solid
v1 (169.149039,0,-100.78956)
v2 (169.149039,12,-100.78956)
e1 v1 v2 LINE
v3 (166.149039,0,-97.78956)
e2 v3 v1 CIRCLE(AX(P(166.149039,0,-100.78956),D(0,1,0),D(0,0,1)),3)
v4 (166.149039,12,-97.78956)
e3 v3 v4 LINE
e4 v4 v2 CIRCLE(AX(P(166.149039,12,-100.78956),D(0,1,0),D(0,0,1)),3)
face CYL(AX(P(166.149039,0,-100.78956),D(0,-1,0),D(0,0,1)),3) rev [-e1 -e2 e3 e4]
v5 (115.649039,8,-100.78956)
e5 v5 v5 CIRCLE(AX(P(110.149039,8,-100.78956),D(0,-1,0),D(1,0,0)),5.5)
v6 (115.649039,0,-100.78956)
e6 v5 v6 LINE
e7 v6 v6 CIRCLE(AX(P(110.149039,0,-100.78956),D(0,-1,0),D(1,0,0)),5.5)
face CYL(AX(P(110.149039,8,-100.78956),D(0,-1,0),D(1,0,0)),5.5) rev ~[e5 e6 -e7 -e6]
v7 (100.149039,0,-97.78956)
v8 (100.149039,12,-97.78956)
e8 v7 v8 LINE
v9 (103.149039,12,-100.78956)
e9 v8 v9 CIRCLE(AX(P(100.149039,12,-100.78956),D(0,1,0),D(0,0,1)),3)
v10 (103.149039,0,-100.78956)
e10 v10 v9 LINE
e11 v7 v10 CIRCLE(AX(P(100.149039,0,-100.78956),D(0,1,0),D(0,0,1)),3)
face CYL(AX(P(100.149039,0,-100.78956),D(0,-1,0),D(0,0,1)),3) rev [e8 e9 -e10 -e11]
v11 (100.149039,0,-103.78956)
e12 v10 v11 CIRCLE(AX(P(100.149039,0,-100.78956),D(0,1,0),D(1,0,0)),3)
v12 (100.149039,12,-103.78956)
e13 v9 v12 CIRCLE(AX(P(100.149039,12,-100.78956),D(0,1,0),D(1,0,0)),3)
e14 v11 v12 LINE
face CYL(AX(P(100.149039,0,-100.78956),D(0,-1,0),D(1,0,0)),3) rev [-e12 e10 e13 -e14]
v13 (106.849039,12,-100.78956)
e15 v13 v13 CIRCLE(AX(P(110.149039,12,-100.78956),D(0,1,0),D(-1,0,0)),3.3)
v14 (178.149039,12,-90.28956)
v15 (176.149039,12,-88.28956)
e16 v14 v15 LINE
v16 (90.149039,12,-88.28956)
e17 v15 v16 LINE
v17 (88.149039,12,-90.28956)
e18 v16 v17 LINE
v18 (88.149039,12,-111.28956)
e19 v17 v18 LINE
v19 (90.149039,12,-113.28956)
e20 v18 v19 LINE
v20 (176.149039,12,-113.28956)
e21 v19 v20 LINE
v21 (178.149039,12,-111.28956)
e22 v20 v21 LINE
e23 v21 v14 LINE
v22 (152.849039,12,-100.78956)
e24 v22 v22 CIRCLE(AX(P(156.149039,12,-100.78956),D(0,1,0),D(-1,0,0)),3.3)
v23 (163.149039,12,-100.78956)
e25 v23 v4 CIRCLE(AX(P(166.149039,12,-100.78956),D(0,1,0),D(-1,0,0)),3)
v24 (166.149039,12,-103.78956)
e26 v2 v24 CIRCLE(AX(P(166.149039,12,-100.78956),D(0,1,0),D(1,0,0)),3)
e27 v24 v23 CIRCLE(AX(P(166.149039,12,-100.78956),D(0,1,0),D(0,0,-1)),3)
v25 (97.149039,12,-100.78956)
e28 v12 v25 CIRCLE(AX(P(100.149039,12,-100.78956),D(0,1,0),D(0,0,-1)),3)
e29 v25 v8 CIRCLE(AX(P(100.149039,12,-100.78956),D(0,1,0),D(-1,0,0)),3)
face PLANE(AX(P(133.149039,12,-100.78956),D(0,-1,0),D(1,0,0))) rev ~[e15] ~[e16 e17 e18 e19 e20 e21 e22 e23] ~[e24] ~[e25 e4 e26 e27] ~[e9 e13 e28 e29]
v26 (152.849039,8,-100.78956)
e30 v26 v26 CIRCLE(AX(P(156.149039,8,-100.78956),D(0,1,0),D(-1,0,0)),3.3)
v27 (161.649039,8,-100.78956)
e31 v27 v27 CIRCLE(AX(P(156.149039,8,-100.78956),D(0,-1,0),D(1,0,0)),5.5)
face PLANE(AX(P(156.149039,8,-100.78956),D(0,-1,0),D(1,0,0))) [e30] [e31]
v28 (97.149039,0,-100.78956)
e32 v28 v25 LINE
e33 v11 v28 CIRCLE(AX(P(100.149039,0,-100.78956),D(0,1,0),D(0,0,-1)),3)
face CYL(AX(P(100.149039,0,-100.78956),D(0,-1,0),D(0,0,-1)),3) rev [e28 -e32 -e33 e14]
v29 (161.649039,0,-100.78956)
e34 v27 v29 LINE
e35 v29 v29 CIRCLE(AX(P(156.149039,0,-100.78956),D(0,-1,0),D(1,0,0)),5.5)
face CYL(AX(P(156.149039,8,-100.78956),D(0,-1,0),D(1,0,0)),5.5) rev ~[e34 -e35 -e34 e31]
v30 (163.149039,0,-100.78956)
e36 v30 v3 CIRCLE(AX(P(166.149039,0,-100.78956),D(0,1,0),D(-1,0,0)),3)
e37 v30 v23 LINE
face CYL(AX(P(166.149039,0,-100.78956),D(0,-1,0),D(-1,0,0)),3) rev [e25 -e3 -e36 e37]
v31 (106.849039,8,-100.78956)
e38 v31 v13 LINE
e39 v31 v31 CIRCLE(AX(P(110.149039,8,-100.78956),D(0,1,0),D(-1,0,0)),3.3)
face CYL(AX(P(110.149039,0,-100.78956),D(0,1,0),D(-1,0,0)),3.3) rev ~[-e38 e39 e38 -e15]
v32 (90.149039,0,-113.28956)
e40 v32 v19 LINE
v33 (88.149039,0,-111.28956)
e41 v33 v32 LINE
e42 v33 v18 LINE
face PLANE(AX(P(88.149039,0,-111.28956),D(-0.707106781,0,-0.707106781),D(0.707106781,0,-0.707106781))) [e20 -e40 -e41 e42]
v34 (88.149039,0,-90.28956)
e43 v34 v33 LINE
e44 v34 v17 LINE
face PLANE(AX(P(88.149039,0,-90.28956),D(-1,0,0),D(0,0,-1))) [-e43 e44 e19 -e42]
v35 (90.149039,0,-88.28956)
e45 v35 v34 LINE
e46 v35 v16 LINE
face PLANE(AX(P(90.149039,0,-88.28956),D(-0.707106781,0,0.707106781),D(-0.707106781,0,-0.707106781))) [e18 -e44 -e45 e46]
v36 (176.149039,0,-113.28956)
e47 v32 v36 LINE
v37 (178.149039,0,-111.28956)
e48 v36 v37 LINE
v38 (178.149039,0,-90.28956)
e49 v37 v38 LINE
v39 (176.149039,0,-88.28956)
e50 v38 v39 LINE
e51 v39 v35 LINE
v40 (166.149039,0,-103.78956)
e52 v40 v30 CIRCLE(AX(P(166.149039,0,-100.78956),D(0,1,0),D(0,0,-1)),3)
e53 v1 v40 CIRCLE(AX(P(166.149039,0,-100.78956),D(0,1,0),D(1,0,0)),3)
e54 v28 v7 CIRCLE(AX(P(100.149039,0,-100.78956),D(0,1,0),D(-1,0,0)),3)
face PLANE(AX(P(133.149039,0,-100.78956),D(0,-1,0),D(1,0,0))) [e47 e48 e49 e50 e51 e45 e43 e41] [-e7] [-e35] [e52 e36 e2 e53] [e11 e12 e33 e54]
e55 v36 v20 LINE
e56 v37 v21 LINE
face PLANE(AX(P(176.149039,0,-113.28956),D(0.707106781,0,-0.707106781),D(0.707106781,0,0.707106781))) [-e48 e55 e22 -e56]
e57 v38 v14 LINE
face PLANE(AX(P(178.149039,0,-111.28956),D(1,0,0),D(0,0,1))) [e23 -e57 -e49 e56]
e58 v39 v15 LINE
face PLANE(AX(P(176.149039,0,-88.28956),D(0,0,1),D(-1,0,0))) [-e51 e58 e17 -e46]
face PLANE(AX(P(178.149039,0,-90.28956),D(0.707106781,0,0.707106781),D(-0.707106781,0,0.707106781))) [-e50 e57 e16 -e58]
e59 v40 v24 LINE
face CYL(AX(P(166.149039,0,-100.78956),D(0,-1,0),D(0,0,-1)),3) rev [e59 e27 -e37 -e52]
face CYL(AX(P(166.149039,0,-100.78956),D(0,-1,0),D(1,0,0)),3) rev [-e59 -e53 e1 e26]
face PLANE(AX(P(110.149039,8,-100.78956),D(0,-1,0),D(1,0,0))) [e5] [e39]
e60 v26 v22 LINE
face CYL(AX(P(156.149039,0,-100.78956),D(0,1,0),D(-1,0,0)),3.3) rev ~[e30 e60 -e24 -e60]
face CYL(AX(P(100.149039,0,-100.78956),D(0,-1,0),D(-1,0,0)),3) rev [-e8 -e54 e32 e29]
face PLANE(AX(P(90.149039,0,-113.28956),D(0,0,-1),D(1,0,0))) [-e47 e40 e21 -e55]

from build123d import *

# Parameters (mm, degrees)
F1_DEPTH       = 12
F2_D           = 6.6
F2_CBORE_D     = 11
F2_CBORE_DEPTH = 8


with BuildPart() as f1:
    # F0 (on Front) → F1 (new body)
    with BuildSketch(Plane.XZ):
        Polygon((90.149039, -88.28956), (88.149039, -90.28956), (88.149039, -111.28956), (90.149039, -113.28956), (176.149039, -113.28956), (178.149039, -111.28956), (178.149039, -90.28956), (176.149039, -88.28956), align=None)
        with BuildLine():
            ThreePointArc((100.149039, -97.78956), (102.2703593436, -98.6682396564), (103.149039, -100.78956))
            ThreePointArc((103.149039, -100.78956), (102.2703593436, -102.9108803436), (100.149039, -103.78956))
            ThreePointArc((100.149039, -103.78956), (98.0277186564, -102.9108803436), (97.149039, -100.78956))
            ThreePointArc((97.149039, -100.78956), (98.0277186564, -98.6682396564), (100.149039, -97.78956))
        make_face(mode=Mode.SUBTRACT)
        with BuildLine():
            ThreePointArc((110.149039, -106.28956), (106.2599517035, -104.6786472965), (104.649039, -100.78956))
            ThreePointArc((104.649039, -100.78956), (106.2599517035, -96.9004727035), (110.149039, -95.28956))
            ThreePointArc((110.149039, -95.28956), (114.0381262965, -96.9004727035), (115.649039, -100.78956))
            ThreePointArc((115.649039, -100.78956), (114.0381262965, -104.6786472965), (110.149039, -106.28956))
        make_face(mode=Mode.SUBTRACT)
        with BuildLine():
            ThreePointArc((156.149039, -95.28956), (160.0381262965, -96.9004727035), (161.649039, -100.78956))
            ThreePointArc((161.649039, -100.78956), (160.0381262965, -104.6786472965), (156.149039, -106.28956))
            ThreePointArc((156.149039, -106.28956), (152.2599517035, -104.6786472965), (150.649039, -100.78956))
            ThreePointArc((150.649039, -100.78956), (152.2599517035, -96.9004727035), (156.149039, -95.28956))
        make_face(mode=Mode.SUBTRACT)
        with BuildLine():
            ThreePointArc((166.149039, -97.78956), (168.2703593436, -98.6682396564), (169.149039, -100.78956))
            ThreePointArc((169.149039, -100.78956), (168.2703593436, -102.9108803436), (166.149039, -103.78956))
            ThreePointArc((166.149039, -103.78956), (164.0277186564, -102.9108803436), (163.149039, -100.78956))
            ThreePointArc((163.149039, -100.78956), (164.0277186564, -98.6682396564), (166.149039, -97.78956))
        make_face(mode=Mode.SUBTRACT)
        with BuildLine():
            Line((159.449039, -100.78956), (161.649039, -100.78956))
            ThreePointArc((161.649039, -100.78956), (160.0381262965, -96.9004727035), (156.149039, -95.28956))
            Line((156.149039, -95.28956), (156.149039, -97.48956))
            ThreePointArc((156.149039, -97.48956), (158.4824913779, -98.4561076221), (159.449039, -100.78956))
        make_face()
        with BuildLine():
            Line((156.149039, -97.48956), (156.149039, -95.28956))
            ThreePointArc((156.149039, -95.28956), (152.2599517035, -96.9004727035), (150.649039, -100.78956))
            Line((150.649039, -100.78956), (152.849039, -100.78956))
            ThreePointArc((152.849039, -100.78956), (153.8155866221, -98.4561076221), (156.149039, -97.48956))
        make_face()
        with BuildLine():
            ThreePointArc((156.149039, -106.28956), (160.0381262965, -104.6786472965), (161.649039, -100.78956))
            Line((161.649039, -100.78956), (159.449039, -100.78956))
            ThreePointArc((159.449039, -100.78956), (158.4824913779, -103.1230123779), (156.149039, -104.08956))
            Line((156.149039, -104.08956), (156.149039, -106.28956))
        make_face()
        with BuildLine():
            Line((156.149039, -100.78956), (159.449039, -100.78956))
            ThreePointArc((159.449039, -100.78956), (158.4824913779, -98.4561076221), (156.149039, -97.48956))
            Line((156.149039, -97.48956), (156.149039, -100.78956))
        make_face()
        with BuildLine():
            ThreePointArc((156.149039, -104.08956), (158.4824913779, -103.1230123779), (159.449039, -100.78956))
            Line((159.449039, -100.78956), (156.149039, -100.78956))
            Line((156.149039, -100.78956), (156.149039, -104.08956))
        make_face()
        with BuildLine():
            Line((152.849039, -100.78956), (156.149039, -100.78956))
            Line((156.149039, -100.78956), (156.149039, -97.48956))
            ThreePointArc((156.149039, -97.48956), (153.8155866221, -98.4561076221), (152.849039, -100.78956))
        make_face()
        with BuildLine():
            Line((156.149039, -104.08956), (156.149039, -100.78956))
            Line((156.149039, -100.78956), (152.849039, -100.78956))
            ThreePointArc((152.849039, -100.78956), (153.8155866221, -103.1230123779), (156.149039, -104.08956))
        make_face()
        with BuildLine():
            ThreePointArc((150.649039, -100.78956), (152.2599517035, -104.6786472965), (156.149039, -106.28956))
            Line((156.149039, -106.28956), (156.149039, -104.08956))
            ThreePointArc((156.149039, -104.08956), (153.8155866221, -103.1230123779), (152.849039, -100.78956))
            Line((152.849039, -100.78956), (150.649039, -100.78956))
        make_face()
        with BuildLine():
            Line((110.149039, -97.48956), (110.149039, -100.78956))
            Line((110.149039, -100.78956), (113.449039, -100.78956))
            ThreePointArc((113.449039, -100.78956), (112.4824913779, -98.4561076221), (110.149039, -97.48956))
        make_face()
        with BuildLine():
            Line((110.149039, -104.08956), (110.149039, -106.28956))
            ThreePointArc((110.149039, -106.28956), (114.0381262965, -104.6786472965), (115.649039, -100.78956))
            Line((115.649039, -100.78956), (113.449039, -100.78956))
            ThreePointArc((113.449039, -100.78956), (112.4824913779, -103.1230123779), (110.149039, -104.08956))
        make_face()
        with BuildLine():
            Line((113.449039, -100.78956), (110.149039, -100.78956))
            Line((110.149039, -100.78956), (110.149039, -104.08956))
            ThreePointArc((110.149039, -104.08956), (112.4824913779, -103.1230123779), (113.449039, -100.78956))
        make_face()
        with BuildLine():
            ThreePointArc((115.649039, -100.78956), (114.0381262965, -96.9004727035), (110.149039, -95.28956))
            Line((110.149039, -95.28956), (110.149039, -97.48956))
            ThreePointArc((110.149039, -97.48956), (112.4824913779, -98.4561076221), (113.449039, -100.78956))
            Line((113.449039, -100.78956), (115.649039, -100.78956))
        make_face()
        with BuildLine():
            Line((110.149039, -100.78956), (106.849039, -100.78956))
            ThreePointArc((106.849039, -100.78956), (107.8155866221, -103.1230123779), (110.149039, -104.08956))
            Line((110.149039, -104.08956), (110.149039, -100.78956))
        make_face()
        with BuildLine():
            Line((106.849039, -100.78956), (104.649039, -100.78956))
            ThreePointArc((104.649039, -100.78956), (106.2599517035, -104.6786472965), (110.149039, -106.28956))
            Line((110.149039, -106.28956), (110.149039, -104.08956))
            ThreePointArc((110.149039, -104.08956), (107.8155866221, -103.1230123779), (106.849039, -100.78956))
        make_face()
        with BuildLine():
            ThreePointArc((110.149039, -97.48956), (107.8155866221, -98.4561076221), (106.849039, -100.78956))
            Line((106.849039, -100.78956), (110.149039, -100.78956))
            Line((110.149039, -100.78956), (110.149039, -97.48956))
        make_face()
        with BuildLine():
            ThreePointArc((110.149039, -95.28956), (106.2599517035, -96.9004727035), (104.649039, -100.78956))
            Line((104.649039, -100.78956), (106.849039, -100.78956))
            ThreePointArc((106.849039, -100.78956), (107.8155866221, -98.4561076221), (110.149039, -97.48956))
            Line((110.149039, -97.48956), (110.149039, -95.28956))
        make_face()
    extrude(amount=-F1_DEPTH)

    # F2 (through all)
    with Locations(Plane.XZ):
        with Locations((156.149039, -100.78956), (110.149039, -100.78956)):
            CounterBoreHole(F2_D / 2, F2_CBORE_D / 2, F2_CBORE_DEPTH)


solid = f1.part
